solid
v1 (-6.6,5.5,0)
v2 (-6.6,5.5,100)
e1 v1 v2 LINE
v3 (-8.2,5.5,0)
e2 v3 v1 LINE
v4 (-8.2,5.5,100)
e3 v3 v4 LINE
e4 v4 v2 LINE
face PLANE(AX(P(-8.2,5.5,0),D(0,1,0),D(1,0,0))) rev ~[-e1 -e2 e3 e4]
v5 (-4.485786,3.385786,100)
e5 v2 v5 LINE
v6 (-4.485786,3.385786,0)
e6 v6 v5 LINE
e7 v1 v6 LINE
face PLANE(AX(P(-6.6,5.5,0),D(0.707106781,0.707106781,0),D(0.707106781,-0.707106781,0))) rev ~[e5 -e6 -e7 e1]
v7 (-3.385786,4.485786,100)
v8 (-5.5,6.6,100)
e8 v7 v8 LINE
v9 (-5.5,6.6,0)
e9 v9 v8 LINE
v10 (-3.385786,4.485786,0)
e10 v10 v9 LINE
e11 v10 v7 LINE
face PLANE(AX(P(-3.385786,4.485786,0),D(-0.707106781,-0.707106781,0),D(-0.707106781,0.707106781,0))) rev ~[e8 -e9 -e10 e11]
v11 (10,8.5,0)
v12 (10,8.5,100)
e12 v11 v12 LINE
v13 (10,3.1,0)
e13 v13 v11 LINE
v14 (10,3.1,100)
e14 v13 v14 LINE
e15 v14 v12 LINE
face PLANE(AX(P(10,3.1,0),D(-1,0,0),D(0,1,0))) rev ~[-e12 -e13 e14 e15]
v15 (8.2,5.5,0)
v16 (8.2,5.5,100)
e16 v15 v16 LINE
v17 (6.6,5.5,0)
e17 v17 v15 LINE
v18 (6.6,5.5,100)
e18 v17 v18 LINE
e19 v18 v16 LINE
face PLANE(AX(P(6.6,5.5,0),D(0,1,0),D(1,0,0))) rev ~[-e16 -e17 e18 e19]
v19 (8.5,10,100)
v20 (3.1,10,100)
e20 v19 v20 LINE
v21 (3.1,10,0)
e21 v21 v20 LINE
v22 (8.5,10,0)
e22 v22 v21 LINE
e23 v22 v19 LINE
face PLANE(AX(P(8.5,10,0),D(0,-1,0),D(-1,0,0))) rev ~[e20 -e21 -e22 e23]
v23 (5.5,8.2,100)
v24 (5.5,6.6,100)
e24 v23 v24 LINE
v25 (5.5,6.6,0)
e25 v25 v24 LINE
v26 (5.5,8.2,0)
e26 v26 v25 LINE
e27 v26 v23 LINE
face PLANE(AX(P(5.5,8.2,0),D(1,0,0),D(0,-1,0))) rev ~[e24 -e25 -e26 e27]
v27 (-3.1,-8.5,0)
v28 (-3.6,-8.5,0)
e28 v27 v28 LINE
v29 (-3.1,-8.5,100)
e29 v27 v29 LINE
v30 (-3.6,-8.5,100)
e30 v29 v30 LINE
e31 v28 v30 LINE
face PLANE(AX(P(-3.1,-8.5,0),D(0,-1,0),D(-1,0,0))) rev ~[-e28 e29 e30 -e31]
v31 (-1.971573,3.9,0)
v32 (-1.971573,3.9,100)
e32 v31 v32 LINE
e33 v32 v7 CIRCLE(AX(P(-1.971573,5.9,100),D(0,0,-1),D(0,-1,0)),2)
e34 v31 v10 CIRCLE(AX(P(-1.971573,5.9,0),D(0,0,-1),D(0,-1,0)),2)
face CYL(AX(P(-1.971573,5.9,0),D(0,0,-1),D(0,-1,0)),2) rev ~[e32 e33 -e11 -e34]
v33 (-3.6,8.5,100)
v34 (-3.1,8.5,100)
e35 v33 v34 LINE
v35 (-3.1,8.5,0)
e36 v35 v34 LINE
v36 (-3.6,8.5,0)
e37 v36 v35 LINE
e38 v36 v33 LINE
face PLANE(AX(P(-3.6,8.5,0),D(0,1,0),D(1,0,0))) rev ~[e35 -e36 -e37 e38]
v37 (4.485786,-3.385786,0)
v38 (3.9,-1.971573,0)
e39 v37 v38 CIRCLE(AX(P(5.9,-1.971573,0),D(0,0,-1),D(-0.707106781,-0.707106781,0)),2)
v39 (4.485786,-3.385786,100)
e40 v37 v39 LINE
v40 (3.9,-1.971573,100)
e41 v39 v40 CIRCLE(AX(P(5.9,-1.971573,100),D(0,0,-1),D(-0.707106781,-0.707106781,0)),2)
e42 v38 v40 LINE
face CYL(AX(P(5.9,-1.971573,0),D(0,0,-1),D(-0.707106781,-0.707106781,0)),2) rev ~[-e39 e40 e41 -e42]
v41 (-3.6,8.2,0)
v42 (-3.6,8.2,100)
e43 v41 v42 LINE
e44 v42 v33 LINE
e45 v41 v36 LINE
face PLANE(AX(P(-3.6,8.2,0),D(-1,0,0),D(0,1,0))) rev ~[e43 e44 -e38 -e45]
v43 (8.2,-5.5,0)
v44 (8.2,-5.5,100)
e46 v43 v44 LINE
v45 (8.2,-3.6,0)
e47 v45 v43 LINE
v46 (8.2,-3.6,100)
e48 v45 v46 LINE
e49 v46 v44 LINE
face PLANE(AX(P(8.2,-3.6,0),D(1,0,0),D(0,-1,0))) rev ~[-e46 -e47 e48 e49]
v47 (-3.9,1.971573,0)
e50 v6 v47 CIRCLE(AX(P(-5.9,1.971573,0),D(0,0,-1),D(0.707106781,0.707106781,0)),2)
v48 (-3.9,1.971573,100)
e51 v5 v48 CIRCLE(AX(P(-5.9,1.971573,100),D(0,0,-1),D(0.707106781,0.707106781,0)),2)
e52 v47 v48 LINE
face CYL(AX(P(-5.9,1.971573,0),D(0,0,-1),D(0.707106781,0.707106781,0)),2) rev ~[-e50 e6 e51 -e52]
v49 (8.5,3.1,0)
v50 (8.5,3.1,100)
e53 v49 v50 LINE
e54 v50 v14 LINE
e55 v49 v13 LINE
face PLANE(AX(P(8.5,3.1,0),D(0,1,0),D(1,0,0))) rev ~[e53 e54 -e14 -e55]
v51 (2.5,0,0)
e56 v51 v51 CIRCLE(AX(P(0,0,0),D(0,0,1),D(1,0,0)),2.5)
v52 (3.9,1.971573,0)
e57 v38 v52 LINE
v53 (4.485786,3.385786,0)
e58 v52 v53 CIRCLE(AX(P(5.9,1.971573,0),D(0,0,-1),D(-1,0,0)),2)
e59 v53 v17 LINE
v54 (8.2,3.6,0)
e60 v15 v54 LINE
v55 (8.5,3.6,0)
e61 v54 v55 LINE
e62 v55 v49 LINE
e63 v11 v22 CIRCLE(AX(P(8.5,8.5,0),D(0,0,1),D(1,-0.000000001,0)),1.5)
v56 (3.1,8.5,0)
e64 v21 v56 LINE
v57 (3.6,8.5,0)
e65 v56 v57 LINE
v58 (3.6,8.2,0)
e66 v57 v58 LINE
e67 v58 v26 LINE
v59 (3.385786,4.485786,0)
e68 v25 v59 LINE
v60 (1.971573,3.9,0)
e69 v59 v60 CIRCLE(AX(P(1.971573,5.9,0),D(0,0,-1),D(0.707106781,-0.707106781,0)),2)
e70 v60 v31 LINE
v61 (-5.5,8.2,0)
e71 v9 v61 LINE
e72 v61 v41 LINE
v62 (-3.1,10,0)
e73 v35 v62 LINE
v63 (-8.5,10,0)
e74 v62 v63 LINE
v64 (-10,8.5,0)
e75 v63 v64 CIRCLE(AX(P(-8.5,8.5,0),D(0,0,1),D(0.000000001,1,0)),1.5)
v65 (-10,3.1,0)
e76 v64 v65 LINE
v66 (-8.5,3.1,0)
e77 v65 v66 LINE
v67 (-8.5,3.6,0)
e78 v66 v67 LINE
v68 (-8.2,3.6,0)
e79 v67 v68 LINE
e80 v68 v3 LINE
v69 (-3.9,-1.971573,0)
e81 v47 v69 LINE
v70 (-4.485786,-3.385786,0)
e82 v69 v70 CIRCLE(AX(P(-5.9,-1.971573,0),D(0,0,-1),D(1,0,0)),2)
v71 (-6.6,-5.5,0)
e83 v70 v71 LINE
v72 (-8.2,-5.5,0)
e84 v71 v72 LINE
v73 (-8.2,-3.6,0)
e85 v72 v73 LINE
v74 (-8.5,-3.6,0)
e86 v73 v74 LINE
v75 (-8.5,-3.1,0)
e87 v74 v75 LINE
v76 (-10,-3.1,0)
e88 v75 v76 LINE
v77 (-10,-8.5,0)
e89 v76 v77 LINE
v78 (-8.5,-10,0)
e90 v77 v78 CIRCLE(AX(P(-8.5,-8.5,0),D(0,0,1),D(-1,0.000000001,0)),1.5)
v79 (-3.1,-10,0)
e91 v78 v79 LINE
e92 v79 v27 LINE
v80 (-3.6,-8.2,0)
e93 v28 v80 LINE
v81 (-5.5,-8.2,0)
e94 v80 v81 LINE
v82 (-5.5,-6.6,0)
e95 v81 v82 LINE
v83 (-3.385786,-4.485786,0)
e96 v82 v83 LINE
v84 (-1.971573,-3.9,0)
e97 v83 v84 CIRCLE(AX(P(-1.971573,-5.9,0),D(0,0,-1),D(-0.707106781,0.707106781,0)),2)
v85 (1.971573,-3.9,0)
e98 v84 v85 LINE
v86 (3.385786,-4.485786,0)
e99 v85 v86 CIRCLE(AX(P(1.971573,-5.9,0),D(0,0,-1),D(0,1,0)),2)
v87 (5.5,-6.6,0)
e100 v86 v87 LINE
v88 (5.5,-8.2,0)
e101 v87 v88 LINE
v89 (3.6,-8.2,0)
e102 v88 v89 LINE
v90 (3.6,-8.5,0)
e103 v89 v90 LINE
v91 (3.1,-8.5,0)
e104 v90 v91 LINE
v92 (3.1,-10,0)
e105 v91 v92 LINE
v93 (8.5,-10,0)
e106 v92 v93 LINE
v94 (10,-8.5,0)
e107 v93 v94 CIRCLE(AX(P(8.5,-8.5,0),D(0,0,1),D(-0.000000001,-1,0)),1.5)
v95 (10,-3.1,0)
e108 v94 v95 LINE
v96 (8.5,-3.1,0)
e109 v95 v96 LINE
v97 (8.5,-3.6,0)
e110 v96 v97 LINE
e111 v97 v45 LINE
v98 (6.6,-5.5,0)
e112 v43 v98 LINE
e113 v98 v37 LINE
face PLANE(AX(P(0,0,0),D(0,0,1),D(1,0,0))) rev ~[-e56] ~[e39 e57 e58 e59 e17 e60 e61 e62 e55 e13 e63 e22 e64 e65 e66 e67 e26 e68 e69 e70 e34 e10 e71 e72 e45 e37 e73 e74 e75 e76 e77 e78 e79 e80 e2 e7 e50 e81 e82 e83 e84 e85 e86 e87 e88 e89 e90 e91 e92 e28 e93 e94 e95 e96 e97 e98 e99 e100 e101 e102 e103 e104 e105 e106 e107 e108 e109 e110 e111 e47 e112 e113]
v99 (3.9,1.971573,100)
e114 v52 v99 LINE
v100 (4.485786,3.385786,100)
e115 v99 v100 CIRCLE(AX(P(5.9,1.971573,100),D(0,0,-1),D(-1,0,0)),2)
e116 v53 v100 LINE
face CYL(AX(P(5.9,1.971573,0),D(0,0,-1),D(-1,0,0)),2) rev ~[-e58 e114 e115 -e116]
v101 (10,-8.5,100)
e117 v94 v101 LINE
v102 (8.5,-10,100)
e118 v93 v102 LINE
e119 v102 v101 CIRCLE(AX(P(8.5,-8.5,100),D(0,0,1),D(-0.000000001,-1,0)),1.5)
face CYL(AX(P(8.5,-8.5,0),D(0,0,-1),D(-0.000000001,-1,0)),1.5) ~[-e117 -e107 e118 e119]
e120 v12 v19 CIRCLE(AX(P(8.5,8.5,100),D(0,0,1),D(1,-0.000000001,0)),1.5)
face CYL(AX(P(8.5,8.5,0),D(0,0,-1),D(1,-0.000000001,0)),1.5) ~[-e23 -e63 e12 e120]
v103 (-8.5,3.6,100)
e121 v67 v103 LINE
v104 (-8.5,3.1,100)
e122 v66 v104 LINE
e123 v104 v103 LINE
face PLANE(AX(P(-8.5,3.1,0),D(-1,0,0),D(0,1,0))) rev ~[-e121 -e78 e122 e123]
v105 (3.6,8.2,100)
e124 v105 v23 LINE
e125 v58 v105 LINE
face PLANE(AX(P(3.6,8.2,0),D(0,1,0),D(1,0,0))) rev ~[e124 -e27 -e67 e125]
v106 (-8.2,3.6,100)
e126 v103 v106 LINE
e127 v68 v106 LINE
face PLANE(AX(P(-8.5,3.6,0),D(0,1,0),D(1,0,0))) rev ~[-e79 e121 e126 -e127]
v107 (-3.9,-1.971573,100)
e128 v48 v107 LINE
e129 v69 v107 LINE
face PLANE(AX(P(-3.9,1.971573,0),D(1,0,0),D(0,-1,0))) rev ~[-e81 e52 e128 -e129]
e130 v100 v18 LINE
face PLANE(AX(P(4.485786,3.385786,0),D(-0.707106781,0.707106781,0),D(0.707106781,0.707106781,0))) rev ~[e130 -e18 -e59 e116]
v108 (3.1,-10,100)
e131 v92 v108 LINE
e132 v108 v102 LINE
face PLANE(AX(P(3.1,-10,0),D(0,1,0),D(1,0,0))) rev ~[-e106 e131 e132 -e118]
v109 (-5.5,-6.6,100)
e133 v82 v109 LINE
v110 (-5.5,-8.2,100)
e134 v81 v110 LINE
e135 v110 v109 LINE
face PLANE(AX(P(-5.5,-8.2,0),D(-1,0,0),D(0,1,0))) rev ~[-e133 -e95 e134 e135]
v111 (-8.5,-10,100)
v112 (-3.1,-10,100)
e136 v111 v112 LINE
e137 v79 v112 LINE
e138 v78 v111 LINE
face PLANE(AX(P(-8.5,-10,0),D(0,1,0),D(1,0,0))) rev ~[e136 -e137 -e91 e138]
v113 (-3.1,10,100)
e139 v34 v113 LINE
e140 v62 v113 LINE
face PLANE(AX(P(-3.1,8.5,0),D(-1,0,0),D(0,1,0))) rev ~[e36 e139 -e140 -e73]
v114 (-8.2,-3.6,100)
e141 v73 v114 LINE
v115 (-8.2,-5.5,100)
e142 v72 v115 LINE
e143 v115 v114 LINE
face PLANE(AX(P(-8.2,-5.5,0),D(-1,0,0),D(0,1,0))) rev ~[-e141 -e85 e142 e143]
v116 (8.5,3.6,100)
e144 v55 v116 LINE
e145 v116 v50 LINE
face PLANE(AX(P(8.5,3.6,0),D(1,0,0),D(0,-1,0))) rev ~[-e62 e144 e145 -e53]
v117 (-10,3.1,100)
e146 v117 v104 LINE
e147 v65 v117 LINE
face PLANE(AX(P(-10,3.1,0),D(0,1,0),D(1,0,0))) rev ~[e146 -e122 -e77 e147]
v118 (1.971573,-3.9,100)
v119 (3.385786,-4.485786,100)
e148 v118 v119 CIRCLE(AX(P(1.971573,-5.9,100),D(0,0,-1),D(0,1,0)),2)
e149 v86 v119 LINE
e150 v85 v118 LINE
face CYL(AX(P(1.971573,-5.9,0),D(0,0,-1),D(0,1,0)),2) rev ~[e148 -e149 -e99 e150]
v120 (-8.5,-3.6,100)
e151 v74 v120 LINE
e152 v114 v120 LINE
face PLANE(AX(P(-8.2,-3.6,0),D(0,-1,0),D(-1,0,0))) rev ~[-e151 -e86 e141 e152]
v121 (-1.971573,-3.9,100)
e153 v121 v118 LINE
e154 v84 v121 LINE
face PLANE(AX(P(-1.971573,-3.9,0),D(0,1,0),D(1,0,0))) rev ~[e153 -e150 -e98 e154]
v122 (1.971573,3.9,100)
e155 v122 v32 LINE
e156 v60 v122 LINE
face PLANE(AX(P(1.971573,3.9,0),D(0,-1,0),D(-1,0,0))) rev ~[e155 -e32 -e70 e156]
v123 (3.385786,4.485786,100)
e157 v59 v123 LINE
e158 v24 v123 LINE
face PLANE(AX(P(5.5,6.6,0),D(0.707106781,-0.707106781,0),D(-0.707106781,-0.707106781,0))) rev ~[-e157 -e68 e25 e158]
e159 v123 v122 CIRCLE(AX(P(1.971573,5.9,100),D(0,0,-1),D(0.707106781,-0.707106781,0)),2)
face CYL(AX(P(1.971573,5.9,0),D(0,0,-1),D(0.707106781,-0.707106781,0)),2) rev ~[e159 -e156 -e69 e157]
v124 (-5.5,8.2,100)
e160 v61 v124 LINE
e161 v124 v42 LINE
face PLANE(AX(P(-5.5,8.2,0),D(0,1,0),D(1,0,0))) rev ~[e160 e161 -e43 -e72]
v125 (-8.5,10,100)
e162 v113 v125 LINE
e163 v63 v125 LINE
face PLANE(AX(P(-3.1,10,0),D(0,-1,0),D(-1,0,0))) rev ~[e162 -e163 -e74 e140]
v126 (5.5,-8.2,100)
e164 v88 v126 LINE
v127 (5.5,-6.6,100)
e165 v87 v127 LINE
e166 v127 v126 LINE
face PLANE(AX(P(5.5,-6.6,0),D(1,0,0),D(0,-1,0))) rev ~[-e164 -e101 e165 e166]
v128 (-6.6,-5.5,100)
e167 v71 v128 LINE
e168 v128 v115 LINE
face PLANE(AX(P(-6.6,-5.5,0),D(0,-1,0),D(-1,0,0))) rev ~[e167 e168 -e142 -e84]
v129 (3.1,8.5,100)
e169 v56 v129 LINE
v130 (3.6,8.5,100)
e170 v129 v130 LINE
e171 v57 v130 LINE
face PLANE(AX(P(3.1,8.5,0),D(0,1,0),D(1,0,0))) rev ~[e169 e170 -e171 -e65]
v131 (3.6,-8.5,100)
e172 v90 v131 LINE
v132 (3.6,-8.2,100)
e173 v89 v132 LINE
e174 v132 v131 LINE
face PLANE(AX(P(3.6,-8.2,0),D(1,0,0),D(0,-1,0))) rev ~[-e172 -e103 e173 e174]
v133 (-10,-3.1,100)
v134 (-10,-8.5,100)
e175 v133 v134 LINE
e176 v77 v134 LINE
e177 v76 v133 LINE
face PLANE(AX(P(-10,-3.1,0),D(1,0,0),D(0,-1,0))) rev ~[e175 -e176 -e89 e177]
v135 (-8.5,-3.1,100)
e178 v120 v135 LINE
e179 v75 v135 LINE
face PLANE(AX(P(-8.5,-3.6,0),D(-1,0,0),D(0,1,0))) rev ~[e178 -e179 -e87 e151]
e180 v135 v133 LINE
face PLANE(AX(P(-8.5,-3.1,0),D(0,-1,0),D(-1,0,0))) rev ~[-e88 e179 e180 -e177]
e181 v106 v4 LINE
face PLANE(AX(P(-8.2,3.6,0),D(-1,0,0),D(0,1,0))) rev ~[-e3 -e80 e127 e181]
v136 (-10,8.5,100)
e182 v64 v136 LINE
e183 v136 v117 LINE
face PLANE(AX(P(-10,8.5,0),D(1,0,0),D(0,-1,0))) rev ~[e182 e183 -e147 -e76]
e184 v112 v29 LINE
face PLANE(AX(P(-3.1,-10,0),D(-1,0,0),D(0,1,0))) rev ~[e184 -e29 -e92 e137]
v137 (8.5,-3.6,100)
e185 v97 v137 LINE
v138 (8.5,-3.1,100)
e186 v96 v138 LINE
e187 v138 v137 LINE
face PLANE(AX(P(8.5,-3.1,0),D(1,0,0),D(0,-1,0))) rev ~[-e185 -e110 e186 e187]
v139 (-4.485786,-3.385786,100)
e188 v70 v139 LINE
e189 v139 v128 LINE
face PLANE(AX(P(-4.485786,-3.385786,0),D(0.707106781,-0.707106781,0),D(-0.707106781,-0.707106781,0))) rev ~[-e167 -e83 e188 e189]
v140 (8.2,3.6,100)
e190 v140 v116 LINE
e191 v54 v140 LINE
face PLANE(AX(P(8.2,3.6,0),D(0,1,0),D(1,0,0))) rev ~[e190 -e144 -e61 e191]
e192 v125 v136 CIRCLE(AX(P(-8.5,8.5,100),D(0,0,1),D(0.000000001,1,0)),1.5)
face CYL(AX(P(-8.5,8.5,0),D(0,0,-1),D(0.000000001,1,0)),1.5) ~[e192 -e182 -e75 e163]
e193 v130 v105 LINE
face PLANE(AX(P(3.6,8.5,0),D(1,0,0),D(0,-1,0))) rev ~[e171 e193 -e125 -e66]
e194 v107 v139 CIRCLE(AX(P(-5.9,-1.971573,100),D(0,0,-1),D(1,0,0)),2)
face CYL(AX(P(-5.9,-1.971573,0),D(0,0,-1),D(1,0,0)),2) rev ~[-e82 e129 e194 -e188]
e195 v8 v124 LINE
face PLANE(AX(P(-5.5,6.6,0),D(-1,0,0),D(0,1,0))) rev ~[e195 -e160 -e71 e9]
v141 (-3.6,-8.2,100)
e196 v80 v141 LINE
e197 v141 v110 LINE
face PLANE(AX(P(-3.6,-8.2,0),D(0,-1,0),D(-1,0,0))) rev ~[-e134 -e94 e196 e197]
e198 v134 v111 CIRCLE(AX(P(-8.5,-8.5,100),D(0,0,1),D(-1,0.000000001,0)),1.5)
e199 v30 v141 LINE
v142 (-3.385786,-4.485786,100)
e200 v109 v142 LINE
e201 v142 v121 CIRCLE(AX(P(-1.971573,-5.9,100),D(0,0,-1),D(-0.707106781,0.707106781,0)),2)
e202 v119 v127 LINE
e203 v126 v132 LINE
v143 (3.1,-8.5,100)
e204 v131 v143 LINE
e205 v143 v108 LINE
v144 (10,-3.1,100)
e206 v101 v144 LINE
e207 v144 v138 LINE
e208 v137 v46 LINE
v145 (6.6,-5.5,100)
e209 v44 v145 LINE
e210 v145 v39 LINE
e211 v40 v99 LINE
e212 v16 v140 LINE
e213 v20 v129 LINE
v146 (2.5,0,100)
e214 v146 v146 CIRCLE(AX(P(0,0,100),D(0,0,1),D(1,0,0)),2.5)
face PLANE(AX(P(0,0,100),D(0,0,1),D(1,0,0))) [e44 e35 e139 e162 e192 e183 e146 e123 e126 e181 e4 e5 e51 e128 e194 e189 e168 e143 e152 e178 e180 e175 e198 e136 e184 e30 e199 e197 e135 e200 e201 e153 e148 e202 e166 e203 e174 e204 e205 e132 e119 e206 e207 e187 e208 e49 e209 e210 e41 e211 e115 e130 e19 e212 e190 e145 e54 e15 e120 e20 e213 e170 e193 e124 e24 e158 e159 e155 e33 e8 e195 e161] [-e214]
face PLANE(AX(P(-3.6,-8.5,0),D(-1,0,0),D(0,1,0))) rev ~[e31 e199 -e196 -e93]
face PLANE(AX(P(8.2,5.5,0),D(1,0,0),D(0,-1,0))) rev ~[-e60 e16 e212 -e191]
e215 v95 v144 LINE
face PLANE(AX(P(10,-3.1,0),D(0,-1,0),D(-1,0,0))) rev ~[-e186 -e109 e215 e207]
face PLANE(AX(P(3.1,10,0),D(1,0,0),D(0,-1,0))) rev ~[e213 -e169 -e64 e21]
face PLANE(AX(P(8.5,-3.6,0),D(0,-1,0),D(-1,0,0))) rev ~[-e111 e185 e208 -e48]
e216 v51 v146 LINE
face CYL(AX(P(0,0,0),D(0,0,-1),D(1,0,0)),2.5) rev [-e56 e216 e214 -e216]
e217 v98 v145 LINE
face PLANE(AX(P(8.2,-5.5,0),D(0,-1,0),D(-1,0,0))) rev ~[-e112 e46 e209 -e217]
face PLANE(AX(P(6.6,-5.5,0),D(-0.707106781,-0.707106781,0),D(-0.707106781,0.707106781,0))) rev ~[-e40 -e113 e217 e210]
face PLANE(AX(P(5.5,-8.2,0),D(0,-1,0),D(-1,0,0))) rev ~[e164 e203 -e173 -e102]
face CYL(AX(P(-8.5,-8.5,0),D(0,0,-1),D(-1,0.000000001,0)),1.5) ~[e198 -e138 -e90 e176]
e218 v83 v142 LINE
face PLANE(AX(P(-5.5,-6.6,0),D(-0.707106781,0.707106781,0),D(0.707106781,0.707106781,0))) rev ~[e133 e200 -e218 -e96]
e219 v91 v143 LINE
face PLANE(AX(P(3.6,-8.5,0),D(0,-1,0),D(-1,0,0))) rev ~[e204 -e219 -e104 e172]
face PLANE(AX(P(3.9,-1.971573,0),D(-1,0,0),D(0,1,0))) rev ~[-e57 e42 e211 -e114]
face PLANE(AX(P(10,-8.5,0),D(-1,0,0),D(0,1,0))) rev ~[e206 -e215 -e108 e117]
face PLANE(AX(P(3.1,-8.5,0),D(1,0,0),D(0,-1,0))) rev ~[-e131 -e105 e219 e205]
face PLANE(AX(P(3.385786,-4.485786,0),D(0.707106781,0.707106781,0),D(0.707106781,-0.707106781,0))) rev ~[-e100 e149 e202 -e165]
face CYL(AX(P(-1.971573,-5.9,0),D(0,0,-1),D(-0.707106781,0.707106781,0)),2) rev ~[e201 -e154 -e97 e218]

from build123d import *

# Parameters (mm, degrees)
SKETCH1_R           = 2.5
BOSS_EXTRUDE1_DEPTH = 100


with BuildPart() as part:
    # Sketch1 → Boss-Extrude1 (new body)
    with BuildSketch(Plane.XY):
        with BuildLine():
            Line((1.971572875, 3.9), (-1.971572875, 3.9))
            ThreePointArc((-1.971572875, 3.9), (-2.73693974, 4.052240935), (-3.385786438, 4.485786438))
            Line((-3.385786438, 4.485786438), (-5.5, 6.6))
            Line((-5.5, 6.6), (-5.5, 8.2))
            Line((-5.5, 8.2), (-3.6, 8.2))
            Line((-3.6, 8.2), (-3.6, 8.5))
            Line((-3.6, 8.5), (-3.1, 8.5))
            Line((-3.1, 8.5), (-3.1, 10))
            Line((-3.1, 10), (-8.5, 10))
            ThreePointArc((-8.5, 10), (-9.560660172, 9.560660172), (-10, 8.5))
            Line((-10, 8.5), (-10, 3.1))
            Line((-10, 3.1), (-8.5, 3.1))
            Line((-8.5, 3.1), (-8.5, 3.6))
            Line((-8.5, 3.6), (-8.2, 3.6))
            Line((-8.2, 3.6), (-8.2, 5.5))
            Line((-8.2, 5.5), (-6.6, 5.5))
            Line((-6.6, 5.5), (-4.485786438, 3.385786438))
            ThreePointArc((-4.485786438, 3.385786438), (-4.052240935, 2.73693974), (-3.9, 1.971572875))
            Line((-3.9, 1.971572875), (-3.9, -1.971572875))
            ThreePointArc((-3.9, -1.971572875), (-4.052240935, -2.73693974), (-4.485786438, -3.385786438))
            Line((-4.485786438, -3.385786438), (-6.6, -5.5))
            Line((-6.6, -5.5), (-8.2, -5.5))
            Line((-8.2, -5.5), (-8.2, -3.6))
            Line((-8.2, -3.6), (-8.5, -3.6))
            Line((-8.5, -3.6), (-8.5, -3.1))
            Line((-8.5, -3.1), (-10, -3.1))
            Line((-10, -3.1), (-10, -8.5))
            ThreePointArc((-10, -8.5), (-9.560660172, -9.560660172), (-8.5, -10))
            Line((-8.5, -10), (-3.1, -10))
            Line((-3.1, -10), (-3.1, -8.5))
            Line((-3.1, -8.5), (-3.6, -8.5))
            Line((-3.6, -8.5), (-3.6, -8.2))
            Line((-3.6, -8.2), (-5.5, -8.2))
            Line((-5.5, -8.2), (-5.5, -6.6))
            Line((-5.5, -6.6), (-3.385786438, -4.485786438))
            ThreePointArc((-3.385786438, -4.485786438), (-2.73693974, -4.052240935), (-1.971572875, -3.9))
            Line((-1.971572875, -3.9), (1.971572875, -3.9))
            ThreePointArc((1.971572875, -3.9), (2.73693974, -4.052240935), (3.385786438, -4.485786438))
            Line((3.385786438, -4.485786438), (5.5, -6.6))
            Line((5.5, -6.6), (5.5, -8.2))
            Line((5.5, -8.2), (3.6, -8.2))
            Line((3.6, -8.2), (3.6, -8.5))
            Line((3.6, -8.5), (3.1, -8.5))
            Line((3.1, -8.5), (3.1, -10))
            Line((3.1, -10), (8.5, -10))
            ThreePointArc((8.5, -10), (9.560660172, -9.560660172), (10, -8.5))
            Line((10, -8.5), (10, -3.1))
            Line((10, -3.1), (8.5, -3.1))
            Line((8.5, -3.1), (8.5, -3.6))
            Line((8.5, -3.6), (8.2, -3.6))
            Line((8.2, -3.6), (8.2, -5.5))
            Line((8.2, -5.5), (6.6, -5.5))
            Line((6.6, -5.5), (4.485786438, -3.385786438))
            ThreePointArc((4.485786438, -3.385786438), (4.052240935, -2.73693974), (3.9, -1.971572875))
            Line((3.9, -1.971572875), (3.9, 1.971572875))
            ThreePointArc((3.9, 1.971572875), (4.052240935, 2.73693974), (4.485786438, 3.385786438))
            Line((4.485786438, 3.385786438), (6.6, 5.5))
            Line((6.6, 5.5), (8.2, 5.5))
            Line((8.2, 5.5), (8.2, 3.6))
            Line((8.2, 3.6), (8.5, 3.6))
            Line((8.5, 3.6), (8.5, 3.1))
            Line((8.5, 3.1), (10, 3.1))
            Line((10, 3.1), (10, 8.5))
            ThreePointArc((10, 8.5), (9.560660172, 9.560660172), (8.5, 10))
            Line((8.5, 10), (3.1, 10))
            Line((3.1, 10), (3.1, 8.5))
            Line((3.1, 8.5), (3.6, 8.5))
            Line((3.6, 8.5), (3.6, 8.2))
            Line((3.6, 8.2), (5.5, 8.2))
            Line((5.5, 8.2), (5.5, 6.6))
            Line((5.5, 6.6), (3.385786438, 4.485786438))
            ThreePointArc((3.385786438, 4.485786438), (2.73693974, 4.052240935), (1.971572875, 3.9))
        make_face()
        Circle(SKETCH1_R, mode=Mode.SUBTRACT)
    extrude(amount=BOSS_EXTRUDE1_DEPTH)


solid = part.part
